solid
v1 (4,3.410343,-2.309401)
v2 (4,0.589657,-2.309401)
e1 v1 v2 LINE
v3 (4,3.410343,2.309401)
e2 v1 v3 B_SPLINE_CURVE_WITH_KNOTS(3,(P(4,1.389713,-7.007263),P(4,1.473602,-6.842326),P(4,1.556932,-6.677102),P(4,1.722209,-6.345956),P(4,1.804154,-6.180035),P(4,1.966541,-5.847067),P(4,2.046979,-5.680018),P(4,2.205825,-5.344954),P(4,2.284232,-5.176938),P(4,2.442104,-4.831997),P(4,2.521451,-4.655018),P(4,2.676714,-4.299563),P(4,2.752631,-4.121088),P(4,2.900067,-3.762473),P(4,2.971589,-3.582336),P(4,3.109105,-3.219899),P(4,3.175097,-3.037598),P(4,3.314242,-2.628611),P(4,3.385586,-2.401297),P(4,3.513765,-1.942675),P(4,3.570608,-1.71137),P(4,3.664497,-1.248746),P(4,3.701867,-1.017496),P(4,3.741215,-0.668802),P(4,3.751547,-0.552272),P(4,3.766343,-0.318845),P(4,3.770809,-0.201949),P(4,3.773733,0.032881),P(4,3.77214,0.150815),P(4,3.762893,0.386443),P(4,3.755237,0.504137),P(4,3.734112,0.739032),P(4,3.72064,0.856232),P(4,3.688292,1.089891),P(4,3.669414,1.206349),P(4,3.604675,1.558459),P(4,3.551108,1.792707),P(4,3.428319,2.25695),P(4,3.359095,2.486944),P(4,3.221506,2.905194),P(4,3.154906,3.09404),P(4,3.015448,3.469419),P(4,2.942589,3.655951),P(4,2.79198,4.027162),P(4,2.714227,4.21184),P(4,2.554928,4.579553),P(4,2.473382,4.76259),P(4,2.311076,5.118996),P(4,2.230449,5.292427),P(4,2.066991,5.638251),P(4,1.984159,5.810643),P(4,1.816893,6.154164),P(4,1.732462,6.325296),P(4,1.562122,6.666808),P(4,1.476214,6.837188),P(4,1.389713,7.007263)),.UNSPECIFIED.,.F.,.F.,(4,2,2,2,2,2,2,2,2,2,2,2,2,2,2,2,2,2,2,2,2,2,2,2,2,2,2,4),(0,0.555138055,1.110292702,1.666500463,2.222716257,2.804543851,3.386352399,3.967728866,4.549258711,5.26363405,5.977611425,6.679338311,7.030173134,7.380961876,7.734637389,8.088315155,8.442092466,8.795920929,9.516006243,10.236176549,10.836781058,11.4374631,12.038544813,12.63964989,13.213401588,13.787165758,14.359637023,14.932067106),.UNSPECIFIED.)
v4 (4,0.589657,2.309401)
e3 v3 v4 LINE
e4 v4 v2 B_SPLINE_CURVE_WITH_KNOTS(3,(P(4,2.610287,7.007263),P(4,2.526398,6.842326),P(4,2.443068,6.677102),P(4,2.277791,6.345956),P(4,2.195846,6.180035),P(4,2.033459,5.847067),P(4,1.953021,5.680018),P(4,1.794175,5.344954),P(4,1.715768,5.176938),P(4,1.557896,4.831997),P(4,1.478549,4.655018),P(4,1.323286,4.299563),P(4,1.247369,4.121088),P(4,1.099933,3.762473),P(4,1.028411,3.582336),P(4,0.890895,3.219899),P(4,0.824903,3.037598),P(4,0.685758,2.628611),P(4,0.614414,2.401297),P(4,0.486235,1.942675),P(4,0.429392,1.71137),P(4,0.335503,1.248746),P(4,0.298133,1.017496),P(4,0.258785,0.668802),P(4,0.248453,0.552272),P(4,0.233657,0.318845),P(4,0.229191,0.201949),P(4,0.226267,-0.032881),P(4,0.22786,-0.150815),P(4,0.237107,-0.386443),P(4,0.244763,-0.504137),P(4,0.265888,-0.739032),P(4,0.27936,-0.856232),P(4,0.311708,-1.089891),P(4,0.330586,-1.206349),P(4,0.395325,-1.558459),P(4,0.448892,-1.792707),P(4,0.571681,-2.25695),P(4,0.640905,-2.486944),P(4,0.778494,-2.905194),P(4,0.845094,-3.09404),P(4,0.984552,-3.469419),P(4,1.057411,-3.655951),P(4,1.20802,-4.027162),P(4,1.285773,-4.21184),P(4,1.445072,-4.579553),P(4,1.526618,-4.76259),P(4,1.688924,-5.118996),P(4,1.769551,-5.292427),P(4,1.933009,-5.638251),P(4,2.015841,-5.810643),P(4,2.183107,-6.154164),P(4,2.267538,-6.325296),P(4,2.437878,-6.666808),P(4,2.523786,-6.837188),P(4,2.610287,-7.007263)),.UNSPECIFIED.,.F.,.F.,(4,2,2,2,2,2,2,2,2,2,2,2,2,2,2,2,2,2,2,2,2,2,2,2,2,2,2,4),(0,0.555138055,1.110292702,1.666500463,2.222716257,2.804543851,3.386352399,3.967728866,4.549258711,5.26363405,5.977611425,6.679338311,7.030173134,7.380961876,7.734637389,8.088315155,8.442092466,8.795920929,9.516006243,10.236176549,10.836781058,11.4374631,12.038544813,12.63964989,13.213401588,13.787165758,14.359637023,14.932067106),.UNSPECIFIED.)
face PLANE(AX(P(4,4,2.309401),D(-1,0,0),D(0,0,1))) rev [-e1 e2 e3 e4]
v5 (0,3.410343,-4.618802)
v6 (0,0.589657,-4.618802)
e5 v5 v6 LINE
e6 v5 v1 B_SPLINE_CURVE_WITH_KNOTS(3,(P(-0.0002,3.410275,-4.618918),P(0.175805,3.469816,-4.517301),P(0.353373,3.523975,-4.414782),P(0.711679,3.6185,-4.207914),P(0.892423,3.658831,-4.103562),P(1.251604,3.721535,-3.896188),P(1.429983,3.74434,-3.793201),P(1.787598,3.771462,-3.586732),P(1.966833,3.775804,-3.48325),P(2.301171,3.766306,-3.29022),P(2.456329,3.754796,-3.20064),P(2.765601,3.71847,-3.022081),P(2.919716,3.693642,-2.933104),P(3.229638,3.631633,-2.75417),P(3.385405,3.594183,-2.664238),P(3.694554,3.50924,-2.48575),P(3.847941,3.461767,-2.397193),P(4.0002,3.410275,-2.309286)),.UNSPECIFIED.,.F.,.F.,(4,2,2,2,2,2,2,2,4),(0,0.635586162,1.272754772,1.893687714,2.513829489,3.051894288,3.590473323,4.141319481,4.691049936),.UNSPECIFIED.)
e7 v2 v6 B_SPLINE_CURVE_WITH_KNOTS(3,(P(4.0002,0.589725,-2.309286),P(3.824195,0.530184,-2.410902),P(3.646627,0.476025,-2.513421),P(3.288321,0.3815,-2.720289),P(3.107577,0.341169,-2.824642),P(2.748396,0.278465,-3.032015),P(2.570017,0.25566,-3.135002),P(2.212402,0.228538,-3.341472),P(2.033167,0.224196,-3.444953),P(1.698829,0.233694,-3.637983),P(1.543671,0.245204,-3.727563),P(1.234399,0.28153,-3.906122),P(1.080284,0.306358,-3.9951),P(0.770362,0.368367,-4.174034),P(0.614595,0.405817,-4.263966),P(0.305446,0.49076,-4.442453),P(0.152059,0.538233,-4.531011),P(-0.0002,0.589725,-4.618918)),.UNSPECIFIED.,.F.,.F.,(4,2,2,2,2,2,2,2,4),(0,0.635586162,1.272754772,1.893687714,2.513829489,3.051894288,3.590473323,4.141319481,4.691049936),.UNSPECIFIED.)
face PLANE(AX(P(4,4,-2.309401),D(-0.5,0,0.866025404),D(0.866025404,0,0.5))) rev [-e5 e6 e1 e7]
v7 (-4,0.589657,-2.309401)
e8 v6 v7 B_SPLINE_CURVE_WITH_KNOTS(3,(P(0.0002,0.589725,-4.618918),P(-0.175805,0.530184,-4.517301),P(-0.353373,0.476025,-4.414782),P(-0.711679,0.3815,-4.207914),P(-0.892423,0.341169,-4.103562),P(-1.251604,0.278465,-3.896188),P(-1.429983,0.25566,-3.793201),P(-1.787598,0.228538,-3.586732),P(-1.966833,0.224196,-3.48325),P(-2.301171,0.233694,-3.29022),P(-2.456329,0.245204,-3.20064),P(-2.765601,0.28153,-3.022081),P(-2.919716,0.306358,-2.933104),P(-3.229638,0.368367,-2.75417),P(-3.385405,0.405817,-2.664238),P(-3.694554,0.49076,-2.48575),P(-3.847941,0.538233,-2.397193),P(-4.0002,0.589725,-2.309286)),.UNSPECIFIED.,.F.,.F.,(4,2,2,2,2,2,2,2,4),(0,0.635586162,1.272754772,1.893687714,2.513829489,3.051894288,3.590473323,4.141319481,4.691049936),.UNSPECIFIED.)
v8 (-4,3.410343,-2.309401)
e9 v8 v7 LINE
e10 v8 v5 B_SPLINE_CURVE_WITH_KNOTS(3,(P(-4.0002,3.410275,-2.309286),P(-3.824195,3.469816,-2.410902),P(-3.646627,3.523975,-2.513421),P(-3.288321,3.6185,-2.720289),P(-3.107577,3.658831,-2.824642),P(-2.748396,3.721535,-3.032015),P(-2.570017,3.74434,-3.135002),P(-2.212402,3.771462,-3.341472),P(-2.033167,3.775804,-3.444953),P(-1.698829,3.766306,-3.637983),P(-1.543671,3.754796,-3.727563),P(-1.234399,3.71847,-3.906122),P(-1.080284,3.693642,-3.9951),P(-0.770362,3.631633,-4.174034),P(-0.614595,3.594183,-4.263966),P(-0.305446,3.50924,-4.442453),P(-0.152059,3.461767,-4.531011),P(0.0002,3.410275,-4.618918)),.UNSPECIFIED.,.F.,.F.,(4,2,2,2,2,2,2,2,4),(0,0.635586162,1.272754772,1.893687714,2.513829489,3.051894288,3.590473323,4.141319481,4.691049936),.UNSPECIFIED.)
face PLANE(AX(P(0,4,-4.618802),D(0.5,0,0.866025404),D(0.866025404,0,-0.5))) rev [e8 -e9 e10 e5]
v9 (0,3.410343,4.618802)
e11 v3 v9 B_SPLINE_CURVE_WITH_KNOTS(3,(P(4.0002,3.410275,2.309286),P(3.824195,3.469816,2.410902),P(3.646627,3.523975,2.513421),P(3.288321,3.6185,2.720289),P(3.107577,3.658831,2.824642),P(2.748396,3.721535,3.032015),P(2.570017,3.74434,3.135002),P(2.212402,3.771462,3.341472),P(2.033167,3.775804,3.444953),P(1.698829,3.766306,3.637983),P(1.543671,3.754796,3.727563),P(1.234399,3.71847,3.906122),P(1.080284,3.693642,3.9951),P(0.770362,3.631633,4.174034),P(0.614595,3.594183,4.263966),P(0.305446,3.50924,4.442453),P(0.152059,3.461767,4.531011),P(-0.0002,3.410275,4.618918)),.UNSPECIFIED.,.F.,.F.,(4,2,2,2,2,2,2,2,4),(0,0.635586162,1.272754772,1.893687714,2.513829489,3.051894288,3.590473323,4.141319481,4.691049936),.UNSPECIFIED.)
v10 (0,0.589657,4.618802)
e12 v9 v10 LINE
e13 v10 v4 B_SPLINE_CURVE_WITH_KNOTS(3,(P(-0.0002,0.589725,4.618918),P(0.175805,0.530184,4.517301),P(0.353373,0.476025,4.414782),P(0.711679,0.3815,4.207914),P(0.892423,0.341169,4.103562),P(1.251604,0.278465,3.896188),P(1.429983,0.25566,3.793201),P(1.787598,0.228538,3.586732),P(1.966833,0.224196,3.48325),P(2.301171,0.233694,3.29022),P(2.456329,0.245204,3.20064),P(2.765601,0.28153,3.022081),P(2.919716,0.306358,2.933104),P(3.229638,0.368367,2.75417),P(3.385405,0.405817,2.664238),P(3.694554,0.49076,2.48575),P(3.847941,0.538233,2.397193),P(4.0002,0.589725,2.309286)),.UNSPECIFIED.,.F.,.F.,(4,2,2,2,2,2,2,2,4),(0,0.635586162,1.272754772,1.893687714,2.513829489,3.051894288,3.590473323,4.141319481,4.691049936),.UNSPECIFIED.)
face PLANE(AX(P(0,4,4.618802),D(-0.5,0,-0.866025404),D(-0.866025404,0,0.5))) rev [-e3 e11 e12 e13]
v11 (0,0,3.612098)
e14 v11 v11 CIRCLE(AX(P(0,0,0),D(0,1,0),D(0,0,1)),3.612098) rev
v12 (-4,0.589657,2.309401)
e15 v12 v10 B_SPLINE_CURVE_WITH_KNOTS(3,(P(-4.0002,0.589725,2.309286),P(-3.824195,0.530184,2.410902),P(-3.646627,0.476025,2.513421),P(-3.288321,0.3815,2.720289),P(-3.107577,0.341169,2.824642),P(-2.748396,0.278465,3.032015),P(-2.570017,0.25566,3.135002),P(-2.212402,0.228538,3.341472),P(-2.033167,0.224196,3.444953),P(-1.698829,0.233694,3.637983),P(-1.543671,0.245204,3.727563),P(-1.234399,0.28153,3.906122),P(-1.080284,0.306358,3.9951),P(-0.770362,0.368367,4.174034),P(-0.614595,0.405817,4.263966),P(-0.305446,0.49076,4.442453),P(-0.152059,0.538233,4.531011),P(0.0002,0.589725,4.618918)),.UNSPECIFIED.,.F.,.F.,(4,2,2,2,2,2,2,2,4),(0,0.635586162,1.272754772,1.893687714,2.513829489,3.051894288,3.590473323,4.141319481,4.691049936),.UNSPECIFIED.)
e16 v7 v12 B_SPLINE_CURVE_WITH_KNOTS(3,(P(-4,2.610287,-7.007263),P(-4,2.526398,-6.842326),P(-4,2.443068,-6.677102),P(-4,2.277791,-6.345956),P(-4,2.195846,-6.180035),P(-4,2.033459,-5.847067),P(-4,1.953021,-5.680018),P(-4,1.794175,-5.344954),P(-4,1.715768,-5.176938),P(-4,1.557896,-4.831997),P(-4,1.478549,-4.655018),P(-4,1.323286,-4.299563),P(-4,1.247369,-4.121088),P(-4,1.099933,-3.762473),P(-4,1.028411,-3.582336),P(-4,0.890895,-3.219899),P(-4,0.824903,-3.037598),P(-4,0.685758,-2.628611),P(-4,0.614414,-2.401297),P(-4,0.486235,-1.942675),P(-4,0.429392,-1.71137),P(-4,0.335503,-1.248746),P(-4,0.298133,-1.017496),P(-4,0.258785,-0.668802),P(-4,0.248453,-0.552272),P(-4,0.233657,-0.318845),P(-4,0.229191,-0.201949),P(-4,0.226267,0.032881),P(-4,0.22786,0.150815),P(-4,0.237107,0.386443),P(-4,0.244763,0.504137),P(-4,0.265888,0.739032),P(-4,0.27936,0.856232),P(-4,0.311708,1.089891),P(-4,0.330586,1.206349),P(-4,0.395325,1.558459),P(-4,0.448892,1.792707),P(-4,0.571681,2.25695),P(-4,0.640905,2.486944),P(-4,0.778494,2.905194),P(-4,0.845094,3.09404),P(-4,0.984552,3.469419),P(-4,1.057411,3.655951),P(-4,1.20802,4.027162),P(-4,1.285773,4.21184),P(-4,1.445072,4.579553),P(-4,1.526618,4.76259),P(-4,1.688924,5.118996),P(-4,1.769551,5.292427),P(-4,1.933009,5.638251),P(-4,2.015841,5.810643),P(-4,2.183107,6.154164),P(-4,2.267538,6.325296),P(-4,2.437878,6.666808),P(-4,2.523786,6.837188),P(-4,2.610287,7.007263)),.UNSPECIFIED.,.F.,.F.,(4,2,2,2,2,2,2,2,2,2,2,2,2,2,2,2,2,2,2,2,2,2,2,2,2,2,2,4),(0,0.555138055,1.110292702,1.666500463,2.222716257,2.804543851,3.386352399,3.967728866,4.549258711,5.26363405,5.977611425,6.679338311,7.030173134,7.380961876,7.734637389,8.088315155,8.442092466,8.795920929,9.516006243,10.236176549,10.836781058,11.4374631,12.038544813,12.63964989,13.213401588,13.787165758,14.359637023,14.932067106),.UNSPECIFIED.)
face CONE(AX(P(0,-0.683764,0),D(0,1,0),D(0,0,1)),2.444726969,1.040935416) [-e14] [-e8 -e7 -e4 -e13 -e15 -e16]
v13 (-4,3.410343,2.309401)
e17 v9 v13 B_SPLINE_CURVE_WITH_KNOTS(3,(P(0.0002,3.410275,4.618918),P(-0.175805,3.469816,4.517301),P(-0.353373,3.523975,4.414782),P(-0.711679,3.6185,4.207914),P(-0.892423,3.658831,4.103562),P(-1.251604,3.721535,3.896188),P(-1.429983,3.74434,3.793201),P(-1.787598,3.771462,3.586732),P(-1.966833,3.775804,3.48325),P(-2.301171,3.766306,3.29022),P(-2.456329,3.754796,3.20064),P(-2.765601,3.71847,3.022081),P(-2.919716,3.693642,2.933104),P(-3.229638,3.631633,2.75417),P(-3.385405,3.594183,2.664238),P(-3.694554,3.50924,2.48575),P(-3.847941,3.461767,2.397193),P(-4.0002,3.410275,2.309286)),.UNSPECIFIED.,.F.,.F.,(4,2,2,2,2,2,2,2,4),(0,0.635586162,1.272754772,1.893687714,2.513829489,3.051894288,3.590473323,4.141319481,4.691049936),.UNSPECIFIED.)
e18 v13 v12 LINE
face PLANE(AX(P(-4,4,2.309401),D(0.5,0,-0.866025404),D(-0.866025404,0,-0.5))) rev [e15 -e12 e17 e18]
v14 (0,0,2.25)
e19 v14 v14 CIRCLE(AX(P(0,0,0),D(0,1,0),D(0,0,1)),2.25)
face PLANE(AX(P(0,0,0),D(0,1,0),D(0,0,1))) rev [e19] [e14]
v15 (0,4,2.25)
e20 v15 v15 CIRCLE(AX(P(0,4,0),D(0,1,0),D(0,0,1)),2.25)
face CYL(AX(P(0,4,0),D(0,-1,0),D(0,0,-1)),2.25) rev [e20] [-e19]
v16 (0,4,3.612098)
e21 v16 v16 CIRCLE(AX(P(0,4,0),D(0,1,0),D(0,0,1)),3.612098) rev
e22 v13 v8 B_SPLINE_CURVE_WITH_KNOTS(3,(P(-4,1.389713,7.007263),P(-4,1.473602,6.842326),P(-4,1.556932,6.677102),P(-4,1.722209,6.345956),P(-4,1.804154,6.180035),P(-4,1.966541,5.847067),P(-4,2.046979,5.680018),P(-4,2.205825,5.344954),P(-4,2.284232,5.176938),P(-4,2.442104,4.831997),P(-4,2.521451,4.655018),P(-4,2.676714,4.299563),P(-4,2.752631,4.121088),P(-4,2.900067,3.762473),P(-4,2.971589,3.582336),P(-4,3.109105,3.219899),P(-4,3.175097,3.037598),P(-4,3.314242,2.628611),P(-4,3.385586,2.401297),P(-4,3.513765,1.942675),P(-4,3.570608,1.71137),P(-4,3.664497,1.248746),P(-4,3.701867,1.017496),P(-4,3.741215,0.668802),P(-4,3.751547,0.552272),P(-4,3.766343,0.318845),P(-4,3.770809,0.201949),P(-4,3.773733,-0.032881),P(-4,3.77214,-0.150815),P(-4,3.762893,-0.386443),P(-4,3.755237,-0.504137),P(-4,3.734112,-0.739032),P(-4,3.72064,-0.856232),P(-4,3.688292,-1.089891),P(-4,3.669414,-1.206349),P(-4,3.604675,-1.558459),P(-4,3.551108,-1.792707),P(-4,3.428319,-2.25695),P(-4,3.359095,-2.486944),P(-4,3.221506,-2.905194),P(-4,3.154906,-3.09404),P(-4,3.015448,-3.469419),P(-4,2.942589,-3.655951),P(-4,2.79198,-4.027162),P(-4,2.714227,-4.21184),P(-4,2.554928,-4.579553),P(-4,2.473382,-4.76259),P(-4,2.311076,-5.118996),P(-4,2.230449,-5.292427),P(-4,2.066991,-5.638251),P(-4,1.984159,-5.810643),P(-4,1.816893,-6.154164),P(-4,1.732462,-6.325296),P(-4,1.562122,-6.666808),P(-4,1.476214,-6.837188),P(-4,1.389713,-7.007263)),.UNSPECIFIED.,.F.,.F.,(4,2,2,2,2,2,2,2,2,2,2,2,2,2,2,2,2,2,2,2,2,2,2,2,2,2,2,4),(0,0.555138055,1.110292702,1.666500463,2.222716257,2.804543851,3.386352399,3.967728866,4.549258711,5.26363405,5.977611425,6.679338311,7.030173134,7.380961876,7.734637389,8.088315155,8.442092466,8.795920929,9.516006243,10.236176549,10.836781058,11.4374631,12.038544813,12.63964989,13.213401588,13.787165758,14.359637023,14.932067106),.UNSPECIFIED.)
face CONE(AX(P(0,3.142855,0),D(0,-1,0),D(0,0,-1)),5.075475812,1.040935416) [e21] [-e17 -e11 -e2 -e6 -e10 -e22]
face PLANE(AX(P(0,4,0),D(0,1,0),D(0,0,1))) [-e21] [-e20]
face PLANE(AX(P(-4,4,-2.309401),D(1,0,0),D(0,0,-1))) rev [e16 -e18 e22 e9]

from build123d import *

# Parameters (mm, degrees)
SKETCH1_R           = 2.25
BOSS_EXTRUDE1_DEPTH = 4


with BuildPart() as part:
    # Sketch1 → Boss-Extrude1 (new body)
    with BuildSketch(Plane(origin=(0, 0, 0), x_dir=(1, 0, 0), z_dir=(0, 1, 0))):
        Polygon((0, 4.618802154), (-4, 2.309401077), (-4, -2.309401077), (0, -4.618802154), (4, -2.309401077), (4, 2.309401077), align=None)
        with Locations(Location((0, 0, 0), (0, 0, 270))):
            Circle(SKETCH1_R, mode=Mode.SUBTRACT)
    extrude(amount=BOSS_EXTRUDE1_DEPTH)

    # Sketch2 → Cut-Revolve1 (revolve, cut)
    with BuildSketch(Plane(origin=(0, 0, 0), x_dir=(0, 0, -1), z_dir=(1, 0, 0))):
        Polygon((-5.075475812, 3.142855419), (-2.444726969, 4.683764438), (-4.731695124, 4.838553625), align=None)
        Polygon((-4.731695124, -0.838553625), (-5.075475812, 0.857144581), (-2.444726969, -0.683764438), align=None)
    revolve(axis=Axis((0, 4.212316803, 0), (0, -1, 0)), mode=Mode.SUBTRACT)


solid = part.part
